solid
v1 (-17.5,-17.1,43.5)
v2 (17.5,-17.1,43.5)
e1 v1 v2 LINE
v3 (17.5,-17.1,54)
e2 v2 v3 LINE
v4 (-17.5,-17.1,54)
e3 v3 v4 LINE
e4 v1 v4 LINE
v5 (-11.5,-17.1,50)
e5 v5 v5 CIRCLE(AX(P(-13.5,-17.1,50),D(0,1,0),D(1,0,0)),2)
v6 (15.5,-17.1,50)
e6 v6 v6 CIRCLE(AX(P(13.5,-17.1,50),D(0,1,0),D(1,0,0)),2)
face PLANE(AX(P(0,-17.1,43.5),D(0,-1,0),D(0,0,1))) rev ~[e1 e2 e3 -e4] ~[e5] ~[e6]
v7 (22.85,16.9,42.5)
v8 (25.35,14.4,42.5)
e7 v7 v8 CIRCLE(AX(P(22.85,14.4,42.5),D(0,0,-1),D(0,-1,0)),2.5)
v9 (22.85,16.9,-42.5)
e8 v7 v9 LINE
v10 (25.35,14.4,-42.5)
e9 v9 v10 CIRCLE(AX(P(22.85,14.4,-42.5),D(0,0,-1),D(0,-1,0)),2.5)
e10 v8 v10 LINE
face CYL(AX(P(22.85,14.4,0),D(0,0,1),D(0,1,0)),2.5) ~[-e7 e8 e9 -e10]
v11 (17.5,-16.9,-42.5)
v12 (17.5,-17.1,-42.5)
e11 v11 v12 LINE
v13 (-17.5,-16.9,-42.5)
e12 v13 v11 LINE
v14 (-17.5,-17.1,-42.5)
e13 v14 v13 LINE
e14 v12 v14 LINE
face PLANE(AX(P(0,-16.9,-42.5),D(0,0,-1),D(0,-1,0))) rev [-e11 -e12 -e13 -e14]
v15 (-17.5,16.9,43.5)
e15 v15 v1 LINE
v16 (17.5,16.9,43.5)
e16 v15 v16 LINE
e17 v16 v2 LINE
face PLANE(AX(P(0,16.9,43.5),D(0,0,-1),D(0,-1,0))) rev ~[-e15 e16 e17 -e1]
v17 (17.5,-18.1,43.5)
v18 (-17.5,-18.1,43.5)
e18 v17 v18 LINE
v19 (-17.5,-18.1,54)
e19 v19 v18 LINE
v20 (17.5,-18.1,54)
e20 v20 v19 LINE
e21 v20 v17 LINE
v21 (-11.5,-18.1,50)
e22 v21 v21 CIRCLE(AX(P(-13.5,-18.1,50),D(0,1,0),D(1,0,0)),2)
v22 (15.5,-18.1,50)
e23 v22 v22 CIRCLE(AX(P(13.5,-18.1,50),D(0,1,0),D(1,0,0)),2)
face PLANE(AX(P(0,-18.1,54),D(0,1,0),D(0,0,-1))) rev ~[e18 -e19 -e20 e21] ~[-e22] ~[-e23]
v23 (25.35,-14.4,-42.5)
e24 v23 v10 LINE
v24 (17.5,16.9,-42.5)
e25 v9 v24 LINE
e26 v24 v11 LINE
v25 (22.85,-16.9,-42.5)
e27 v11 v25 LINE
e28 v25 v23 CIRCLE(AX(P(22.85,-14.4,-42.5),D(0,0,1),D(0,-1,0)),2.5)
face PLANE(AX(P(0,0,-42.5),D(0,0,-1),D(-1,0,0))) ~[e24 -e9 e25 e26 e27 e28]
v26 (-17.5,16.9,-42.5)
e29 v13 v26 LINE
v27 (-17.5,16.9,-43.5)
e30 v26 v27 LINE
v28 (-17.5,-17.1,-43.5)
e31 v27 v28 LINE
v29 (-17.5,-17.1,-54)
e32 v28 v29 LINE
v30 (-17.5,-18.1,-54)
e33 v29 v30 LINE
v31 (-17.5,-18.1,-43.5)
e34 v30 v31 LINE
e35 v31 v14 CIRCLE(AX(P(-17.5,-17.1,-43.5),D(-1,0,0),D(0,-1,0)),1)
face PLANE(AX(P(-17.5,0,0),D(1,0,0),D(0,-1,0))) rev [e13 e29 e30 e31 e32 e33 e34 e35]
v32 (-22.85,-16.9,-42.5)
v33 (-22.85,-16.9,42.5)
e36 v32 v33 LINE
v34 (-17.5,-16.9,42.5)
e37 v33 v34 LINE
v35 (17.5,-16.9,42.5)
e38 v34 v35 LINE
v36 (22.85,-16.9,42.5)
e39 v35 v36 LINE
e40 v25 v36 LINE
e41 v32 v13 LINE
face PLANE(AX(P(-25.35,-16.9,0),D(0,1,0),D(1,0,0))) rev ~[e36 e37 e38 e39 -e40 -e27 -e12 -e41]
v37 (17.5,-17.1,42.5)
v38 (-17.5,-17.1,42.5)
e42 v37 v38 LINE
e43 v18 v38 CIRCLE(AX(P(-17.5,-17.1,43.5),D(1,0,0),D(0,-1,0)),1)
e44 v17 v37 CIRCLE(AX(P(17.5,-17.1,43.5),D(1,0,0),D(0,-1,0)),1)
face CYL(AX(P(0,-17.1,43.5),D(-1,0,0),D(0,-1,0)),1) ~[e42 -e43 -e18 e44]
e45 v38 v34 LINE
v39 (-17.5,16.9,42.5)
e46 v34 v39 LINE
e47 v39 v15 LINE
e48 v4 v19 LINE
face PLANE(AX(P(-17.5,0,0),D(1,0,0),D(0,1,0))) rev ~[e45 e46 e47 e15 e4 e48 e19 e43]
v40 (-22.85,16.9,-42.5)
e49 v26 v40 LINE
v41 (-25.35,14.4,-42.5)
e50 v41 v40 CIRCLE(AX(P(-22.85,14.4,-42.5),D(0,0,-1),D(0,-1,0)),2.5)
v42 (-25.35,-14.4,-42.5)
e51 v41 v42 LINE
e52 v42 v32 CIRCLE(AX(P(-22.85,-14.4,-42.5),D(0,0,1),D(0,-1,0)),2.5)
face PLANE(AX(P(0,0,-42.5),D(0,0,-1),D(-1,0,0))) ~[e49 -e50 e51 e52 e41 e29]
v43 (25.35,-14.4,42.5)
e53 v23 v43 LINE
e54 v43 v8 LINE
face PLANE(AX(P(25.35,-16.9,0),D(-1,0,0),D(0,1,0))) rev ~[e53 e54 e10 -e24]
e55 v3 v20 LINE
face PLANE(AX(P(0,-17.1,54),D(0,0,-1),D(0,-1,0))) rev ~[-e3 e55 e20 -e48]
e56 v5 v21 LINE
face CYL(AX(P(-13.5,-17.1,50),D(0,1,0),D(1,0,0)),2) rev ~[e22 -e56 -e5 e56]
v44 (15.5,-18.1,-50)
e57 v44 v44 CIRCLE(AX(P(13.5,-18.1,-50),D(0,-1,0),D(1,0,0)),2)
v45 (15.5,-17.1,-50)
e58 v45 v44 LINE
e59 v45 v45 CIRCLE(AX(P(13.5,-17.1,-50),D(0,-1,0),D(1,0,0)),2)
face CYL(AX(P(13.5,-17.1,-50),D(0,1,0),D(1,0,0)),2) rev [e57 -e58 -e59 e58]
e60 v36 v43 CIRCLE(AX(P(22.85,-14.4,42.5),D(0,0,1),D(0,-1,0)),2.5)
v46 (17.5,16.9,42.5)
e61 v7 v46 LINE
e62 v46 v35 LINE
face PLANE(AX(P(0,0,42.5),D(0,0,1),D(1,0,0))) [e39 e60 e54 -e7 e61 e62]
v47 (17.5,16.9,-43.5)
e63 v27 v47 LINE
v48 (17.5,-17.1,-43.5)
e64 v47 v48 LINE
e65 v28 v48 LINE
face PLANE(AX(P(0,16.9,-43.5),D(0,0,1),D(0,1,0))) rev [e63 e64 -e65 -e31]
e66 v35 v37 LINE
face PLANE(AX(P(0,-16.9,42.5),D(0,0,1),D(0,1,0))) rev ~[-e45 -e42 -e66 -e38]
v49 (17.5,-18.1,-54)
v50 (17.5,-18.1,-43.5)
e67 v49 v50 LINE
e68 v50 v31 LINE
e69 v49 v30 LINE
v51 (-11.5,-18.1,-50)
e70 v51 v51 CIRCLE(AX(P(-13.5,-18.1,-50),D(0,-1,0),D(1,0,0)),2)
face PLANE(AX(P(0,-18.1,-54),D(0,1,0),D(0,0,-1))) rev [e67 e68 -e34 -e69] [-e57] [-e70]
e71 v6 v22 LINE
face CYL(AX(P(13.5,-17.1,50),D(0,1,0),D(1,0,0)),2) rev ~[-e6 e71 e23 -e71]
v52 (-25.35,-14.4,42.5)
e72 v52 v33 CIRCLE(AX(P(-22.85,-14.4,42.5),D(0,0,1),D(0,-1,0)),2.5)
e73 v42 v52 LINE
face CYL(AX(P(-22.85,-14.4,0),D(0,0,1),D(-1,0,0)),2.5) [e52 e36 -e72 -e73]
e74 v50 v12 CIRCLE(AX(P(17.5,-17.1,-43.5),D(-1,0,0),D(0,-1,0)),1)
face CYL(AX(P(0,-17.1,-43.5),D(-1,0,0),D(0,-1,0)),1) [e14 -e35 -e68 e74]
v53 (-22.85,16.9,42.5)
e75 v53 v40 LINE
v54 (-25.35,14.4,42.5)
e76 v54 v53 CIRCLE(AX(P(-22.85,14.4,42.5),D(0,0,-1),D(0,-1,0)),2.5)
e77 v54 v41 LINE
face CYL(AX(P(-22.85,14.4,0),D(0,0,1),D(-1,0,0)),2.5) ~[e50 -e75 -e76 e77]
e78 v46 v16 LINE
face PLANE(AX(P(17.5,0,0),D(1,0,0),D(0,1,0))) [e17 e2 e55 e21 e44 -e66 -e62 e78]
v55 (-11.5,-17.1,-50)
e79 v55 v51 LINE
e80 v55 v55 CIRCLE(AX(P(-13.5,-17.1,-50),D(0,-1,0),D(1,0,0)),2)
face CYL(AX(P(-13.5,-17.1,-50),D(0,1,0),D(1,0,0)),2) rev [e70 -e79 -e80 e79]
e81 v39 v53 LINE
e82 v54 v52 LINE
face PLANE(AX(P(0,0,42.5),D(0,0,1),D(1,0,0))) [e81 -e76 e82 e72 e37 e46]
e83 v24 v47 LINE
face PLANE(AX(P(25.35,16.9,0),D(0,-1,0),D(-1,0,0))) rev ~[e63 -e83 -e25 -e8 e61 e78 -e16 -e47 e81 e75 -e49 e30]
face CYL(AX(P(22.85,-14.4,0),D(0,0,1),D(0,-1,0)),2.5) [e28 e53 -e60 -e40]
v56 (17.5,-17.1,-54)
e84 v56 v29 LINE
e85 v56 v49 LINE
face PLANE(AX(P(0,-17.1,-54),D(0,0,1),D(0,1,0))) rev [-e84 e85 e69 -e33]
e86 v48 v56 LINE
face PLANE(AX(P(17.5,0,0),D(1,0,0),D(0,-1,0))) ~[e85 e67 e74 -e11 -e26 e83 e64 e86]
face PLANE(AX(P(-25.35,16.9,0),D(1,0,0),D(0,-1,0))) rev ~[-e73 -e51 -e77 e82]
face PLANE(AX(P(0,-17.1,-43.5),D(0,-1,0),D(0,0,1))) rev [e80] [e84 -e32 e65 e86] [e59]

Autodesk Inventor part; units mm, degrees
ref_plane "YZ Plane" through (0, 0, 0) normal (1, 0, 0) x (0, 1, 0)
ref_plane "XZ Plane" through (0, 0, 0) normal (0, 1, 0) x (-1, 0, 0)
ref_plane "XY Plane" through (0, 0, 0) normal (0, 0, 1) x (1, 0, 0)
sketch "Sketch1" plane through (0, 0, 0) normal (0, 0, 1) x (1, 0, 0)
  line L0 (-25.35, -16.9) -> (25.35, -16.9)
  line L1 (25.35, -16.9) -> (25.35, 16.9)
  line L2 (25.35, 16.9) -> (-25.35, 16.9)
  line L3 (-25.35, 16.9) -> (-25.35, -16.9)
  line L4 (-25.35, -16.9) -> (25.35, 16.9) construction
  line L5 (25.35, -16.9) -> (-25.35, 16.9) construction
  point P0 (0, 0)
  dimension "d0" = 50.7
  dimension "d1" = 33.8
extrude "Extrusion1" add sketch "Sketch1" along normal blind 42.5
sketch "Sketch3" plane through (0, 0, 0) normal (1, 0, 0) x (0, 1, 0)
  line L0 (16.9, 42.5) -> (16.9, 0) projected
  line L1 (16.9, 0) -> (-16.9, 0) projected
  line L2 (-16.9, 0) -> (-16.9, 42.5) projected
  line L3 (-16.9, 42.5) -> (16.9, 42.5) projected
  line L4 (16.9, 42.5) -> (16.9, 43.5)
  line L5 (16.9, 43.5) -> (-17.1, 43.5)
  line L6 (-17.1, 43.5) -> (-17.1, 54)
  line L7 (-17.1, 54) -> (-18.1, 54)
  line L8 (-18.1, 54) -> (-18.1, 43.5)
  line L9 (-17.1, 42.5) -> (-16.9, 42.5)
  arc A0 (-18.1, 43.5) -> (-17.1, 42.5) centre (-17.1, 43.5) ccw
  point P0 (0, 0)
  dimension "d4" = 1
  dimension "d5" = 1
  dimension "d6" = 35
  dimension "d7" = 1
  dimension "d8" = 54
extrude "Extrusion2" add sketch "Sketch3" along normal mid plane 35 contours L3 L9 A0 L8 L7 L6 L5 L4
fillet "Fillet2" radius 2.5 4 edges at (25.35, -16.9, 21.25) (25.35, 16.9, 21.25) (-25.35, 16.9, 21.25) (-25.35, -16.9, 21.25)
sketch "Sketch4" plane through (-17.5, -17.1, 54) normal (0, 1, 0) x (1, 0, 0)
  line L0 (17.5, 54) -> (17.5, 4) construction
  line L1 (4, 4) -> (31, 4) construction
  circle A0 centre (4, 4) radius 2
  circle A1 centre (31, 4) radius 2
  dimension "d13" = 4
  dimension "d14" = 50
  dimension "d15" = 27
extrude "Extrusion3" cut sketch "Sketch4" against normal through all
mirror "Mirror1" about plane through (0, 0, 0) normal (0, 0, 1)
properties part number "esc"
